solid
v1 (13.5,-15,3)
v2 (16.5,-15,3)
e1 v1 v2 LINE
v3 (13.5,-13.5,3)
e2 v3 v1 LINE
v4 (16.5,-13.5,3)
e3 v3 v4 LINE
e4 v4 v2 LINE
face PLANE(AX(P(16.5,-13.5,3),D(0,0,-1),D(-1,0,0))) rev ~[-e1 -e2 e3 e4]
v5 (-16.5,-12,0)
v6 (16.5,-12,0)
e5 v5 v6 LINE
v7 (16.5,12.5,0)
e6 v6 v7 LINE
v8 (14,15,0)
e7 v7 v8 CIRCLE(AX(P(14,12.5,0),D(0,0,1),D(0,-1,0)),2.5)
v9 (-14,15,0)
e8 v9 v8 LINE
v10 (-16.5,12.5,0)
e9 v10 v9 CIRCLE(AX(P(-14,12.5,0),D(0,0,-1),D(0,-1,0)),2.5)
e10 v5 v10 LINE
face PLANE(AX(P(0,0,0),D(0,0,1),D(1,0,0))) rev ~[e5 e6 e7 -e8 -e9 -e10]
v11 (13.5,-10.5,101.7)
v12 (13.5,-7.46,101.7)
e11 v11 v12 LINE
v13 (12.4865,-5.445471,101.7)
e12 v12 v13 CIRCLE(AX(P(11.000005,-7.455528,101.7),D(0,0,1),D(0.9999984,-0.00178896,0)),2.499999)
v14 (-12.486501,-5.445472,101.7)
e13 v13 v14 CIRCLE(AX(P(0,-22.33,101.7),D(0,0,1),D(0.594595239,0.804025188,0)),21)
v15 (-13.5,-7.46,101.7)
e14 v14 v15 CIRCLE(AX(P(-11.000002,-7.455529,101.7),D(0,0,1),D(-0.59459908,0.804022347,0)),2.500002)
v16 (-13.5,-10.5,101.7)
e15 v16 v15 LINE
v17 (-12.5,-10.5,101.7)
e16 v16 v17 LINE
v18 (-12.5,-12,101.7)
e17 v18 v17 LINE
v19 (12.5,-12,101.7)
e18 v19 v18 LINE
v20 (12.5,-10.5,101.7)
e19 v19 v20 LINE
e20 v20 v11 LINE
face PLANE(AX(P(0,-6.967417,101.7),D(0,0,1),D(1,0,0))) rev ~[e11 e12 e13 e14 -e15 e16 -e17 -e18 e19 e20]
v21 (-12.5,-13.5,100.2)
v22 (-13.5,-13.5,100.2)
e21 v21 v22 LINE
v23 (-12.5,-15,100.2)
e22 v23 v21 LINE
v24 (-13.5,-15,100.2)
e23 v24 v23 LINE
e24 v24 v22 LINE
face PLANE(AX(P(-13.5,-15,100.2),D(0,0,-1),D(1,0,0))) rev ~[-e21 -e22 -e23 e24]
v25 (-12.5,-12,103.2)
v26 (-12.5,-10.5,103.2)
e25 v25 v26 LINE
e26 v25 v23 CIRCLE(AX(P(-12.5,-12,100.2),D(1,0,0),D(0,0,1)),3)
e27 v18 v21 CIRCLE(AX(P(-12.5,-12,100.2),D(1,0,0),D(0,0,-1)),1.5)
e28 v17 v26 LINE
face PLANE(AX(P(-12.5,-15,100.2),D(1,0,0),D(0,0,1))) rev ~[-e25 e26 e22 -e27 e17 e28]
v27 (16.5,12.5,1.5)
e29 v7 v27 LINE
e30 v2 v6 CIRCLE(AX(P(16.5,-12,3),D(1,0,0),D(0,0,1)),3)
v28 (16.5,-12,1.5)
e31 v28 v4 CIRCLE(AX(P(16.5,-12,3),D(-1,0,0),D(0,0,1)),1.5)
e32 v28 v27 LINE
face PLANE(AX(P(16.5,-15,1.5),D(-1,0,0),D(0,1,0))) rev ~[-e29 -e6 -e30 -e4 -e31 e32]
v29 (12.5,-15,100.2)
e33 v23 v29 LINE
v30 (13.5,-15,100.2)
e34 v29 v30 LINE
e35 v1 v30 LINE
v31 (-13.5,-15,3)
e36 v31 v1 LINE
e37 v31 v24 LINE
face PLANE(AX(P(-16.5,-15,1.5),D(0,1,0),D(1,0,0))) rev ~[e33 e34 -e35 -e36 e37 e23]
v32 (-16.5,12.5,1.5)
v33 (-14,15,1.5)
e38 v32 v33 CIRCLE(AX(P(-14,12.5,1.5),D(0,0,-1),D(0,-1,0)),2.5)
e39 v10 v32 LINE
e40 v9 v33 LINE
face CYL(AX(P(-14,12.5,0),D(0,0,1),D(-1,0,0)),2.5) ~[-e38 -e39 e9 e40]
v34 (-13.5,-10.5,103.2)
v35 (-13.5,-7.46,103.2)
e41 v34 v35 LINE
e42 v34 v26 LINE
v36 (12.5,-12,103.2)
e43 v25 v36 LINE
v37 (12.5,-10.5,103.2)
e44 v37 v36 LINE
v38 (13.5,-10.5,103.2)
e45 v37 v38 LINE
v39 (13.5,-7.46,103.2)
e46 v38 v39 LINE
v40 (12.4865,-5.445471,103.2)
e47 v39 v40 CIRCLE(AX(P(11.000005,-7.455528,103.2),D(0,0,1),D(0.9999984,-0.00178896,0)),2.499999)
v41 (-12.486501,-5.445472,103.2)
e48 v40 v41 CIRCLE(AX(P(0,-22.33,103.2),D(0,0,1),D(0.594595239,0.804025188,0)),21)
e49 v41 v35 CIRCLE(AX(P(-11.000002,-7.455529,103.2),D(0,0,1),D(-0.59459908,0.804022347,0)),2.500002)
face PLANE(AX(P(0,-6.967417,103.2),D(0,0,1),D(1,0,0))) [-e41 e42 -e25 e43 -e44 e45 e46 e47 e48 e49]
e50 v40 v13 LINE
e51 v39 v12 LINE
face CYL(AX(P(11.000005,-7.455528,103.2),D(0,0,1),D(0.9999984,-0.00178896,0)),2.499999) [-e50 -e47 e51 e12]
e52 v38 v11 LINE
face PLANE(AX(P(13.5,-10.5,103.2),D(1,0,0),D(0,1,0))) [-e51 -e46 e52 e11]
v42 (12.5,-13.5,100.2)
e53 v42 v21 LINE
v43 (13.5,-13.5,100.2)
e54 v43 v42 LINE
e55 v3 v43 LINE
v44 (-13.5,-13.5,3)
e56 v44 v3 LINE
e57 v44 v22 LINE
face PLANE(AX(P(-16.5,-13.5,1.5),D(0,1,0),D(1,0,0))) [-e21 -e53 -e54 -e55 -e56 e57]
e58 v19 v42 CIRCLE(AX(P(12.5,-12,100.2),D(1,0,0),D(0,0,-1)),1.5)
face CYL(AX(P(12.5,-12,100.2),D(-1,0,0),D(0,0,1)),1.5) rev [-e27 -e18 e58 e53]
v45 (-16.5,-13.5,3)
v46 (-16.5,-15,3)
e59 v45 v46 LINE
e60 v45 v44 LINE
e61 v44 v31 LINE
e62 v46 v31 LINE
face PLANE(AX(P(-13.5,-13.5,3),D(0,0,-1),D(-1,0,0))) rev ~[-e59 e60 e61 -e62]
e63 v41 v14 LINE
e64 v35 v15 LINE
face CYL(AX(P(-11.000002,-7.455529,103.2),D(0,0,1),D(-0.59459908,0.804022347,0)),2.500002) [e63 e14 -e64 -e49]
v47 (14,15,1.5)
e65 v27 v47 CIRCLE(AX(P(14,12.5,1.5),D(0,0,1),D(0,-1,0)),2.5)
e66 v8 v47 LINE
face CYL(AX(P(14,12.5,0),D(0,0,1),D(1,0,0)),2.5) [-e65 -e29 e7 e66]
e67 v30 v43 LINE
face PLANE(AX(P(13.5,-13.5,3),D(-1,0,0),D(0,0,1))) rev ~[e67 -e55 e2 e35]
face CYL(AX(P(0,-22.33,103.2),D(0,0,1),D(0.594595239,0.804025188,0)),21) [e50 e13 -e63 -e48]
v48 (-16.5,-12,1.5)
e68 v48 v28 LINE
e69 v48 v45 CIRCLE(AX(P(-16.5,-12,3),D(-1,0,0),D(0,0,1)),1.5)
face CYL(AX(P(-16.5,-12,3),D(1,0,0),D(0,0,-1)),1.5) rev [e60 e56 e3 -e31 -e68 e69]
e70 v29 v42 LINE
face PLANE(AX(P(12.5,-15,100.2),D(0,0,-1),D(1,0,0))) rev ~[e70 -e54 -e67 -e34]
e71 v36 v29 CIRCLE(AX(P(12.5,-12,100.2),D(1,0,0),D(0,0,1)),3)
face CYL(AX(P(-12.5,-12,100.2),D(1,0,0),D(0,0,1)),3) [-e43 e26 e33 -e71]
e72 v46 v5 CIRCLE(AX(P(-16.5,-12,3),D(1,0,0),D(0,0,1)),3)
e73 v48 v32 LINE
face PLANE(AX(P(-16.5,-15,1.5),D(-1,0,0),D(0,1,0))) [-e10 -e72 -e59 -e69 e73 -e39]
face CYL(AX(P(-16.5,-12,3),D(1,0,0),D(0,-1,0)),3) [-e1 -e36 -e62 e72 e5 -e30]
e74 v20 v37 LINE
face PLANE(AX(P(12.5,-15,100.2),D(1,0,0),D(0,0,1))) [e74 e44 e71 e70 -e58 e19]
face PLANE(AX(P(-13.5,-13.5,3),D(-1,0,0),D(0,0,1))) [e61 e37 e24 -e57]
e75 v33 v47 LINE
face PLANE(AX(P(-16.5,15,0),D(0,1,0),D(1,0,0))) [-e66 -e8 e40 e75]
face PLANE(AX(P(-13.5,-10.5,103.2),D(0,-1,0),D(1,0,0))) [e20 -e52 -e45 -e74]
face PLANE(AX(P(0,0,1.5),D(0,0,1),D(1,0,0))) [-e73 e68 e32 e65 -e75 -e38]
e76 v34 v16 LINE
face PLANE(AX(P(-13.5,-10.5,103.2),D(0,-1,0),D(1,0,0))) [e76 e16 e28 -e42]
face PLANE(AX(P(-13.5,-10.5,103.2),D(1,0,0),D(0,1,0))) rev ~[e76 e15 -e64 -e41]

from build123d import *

# Parameters (mm, degrees)
SKETCH_W        = 33
SKETCH_H        = 30
PAD_DEPTH       = 1.5
SKETCH001_W     = 33
SKETCH001_H     = 1.5
PAD001_DEPTH    = 101.7
FILLET_R        = 3
FILLET001_R     = 1.5
SKETCH002_W     = 3
SKETCH002_H     = 110
POCKET_DEPTH    = 5
SKETCH003_W     = 25
SKETCH003_H     = 1.5
PAD002_DEPTH    = 3
SKETCH004_W     = 1
SKETCH004_H     = 3
POCKET001_DEPTH = 5
PAD003_DEPTH    = 1.5
FILLET002_R     = 3
FILLET003_R     = 1.5
FILLET004_R     = 2.5


with BuildPart() as part:
    # Sketch → Pad (new body)
    with BuildSketch(Plane.XY):
        Rectangle(SKETCH_W, SKETCH_H)
    extrude(amount=PAD_DEPTH)

    # Sketch001 → Pad001 (new body)
    with BuildSketch(Plane.XY.offset(1.5)):
        with Locations((0, -14.25)):
            Rectangle(SKETCH001_W, SKETCH001_H)
    extrude(amount=PAD001_DEPTH)

    # Fillet
    fillet_edges = [part.edges().sort_by_distance(p)[0] for p in [
        (0, -15, 0),
    ]]
    fillet(fillet_edges, radius=FILLET_R)

    # Fillet001
    fillet001_edges = [part.edges().sort_by_distance(p)[0] for p in [
        (0, -13.5, 1.5),
    ]]
    fillet(fillet001_edges, radius=FILLET001_R)

    # Sketch002 → Pocket (cut)
    with BuildSketch(Plane(origin=(0, -13.5, 0), x_dir=(-1, 0, 0), z_dir=(0, 1, 0))):
        with Locations((-15, 58)):
            Rectangle(SKETCH002_W, SKETCH002_H)
        with Locations((15, 58)):
            Rectangle(SKETCH002_W, SKETCH002_H)
    extrude(amount=-POCKET_DEPTH, mode=Mode.SUBTRACT)

    # Sketch003 → Pad002 (new body)
    with BuildSketch(Plane(origin=(0, -13.5, 0), x_dir=(-1, 0, 0), z_dir=(0, 1, 0))):
        with Locations((0, 102.45)):
            Rectangle(SKETCH003_W, SKETCH003_H)
    extrude(amount=PAD002_DEPTH)

    # Sketch004 → Pocket001 (cut)
    with BuildSketch(Plane.XZ.offset(15)):
        with Locations((-13, 101.7)):
            Rectangle(SKETCH004_W, SKETCH004_H)
        with Locations((13, 101.7)):
            Rectangle(SKETCH004_W, SKETCH004_H)
    extrude(amount=-POCKET001_DEPTH, mode=Mode.SUBTRACT)

    # Sketch005 → Pad003 (new body)
    with BuildSketch(Plane.XY.offset(103.2)):
        with BuildLine():
            Line((-13.5, -10.5), (13.5, -10.5))
            Line((13.5, -10.5), (13.5, -7.46))
            ThreePointArc((13.5, -7.46), (13.2333, -6.331967), (12.4865, -5.445471))
            ThreePointArc((12.4865, -5.445471), (-1e-06, -1.33), (-12.486501, -5.445472))
            ThreePointArc((-12.486501, -5.445472), (-13.2333, -6.331968), (-13.5, -7.46))
            Line((-13.5, -10.5), (-13.5, -7.46))
        make_face()
    extrude(amount=-PAD003_DEPTH)

    # Fillet002
    fillet002_edges = [part.edges().sort_by_distance(p)[0] for p in [
        (0, -15, 103.2),
    ]]
    fillet(fillet002_edges, radius=FILLET002_R)

    # Fillet003
    fillet003_edges = [part.edges().sort_by_distance(p)[0] for p in [
        (0, -13.5, 101.7),
    ]]
    fillet(fillet003_edges, radius=FILLET003_R)

    # Fillet004
    fillet004_edges = [part.edges().sort_by_distance(p)[0] for p in [
        (16.5, 15, 0.75),
        (-16.5, 15, 0.75),
    ]]
    fillet(fillet004_edges, radius=FILLET004_R)


solid = part.part
